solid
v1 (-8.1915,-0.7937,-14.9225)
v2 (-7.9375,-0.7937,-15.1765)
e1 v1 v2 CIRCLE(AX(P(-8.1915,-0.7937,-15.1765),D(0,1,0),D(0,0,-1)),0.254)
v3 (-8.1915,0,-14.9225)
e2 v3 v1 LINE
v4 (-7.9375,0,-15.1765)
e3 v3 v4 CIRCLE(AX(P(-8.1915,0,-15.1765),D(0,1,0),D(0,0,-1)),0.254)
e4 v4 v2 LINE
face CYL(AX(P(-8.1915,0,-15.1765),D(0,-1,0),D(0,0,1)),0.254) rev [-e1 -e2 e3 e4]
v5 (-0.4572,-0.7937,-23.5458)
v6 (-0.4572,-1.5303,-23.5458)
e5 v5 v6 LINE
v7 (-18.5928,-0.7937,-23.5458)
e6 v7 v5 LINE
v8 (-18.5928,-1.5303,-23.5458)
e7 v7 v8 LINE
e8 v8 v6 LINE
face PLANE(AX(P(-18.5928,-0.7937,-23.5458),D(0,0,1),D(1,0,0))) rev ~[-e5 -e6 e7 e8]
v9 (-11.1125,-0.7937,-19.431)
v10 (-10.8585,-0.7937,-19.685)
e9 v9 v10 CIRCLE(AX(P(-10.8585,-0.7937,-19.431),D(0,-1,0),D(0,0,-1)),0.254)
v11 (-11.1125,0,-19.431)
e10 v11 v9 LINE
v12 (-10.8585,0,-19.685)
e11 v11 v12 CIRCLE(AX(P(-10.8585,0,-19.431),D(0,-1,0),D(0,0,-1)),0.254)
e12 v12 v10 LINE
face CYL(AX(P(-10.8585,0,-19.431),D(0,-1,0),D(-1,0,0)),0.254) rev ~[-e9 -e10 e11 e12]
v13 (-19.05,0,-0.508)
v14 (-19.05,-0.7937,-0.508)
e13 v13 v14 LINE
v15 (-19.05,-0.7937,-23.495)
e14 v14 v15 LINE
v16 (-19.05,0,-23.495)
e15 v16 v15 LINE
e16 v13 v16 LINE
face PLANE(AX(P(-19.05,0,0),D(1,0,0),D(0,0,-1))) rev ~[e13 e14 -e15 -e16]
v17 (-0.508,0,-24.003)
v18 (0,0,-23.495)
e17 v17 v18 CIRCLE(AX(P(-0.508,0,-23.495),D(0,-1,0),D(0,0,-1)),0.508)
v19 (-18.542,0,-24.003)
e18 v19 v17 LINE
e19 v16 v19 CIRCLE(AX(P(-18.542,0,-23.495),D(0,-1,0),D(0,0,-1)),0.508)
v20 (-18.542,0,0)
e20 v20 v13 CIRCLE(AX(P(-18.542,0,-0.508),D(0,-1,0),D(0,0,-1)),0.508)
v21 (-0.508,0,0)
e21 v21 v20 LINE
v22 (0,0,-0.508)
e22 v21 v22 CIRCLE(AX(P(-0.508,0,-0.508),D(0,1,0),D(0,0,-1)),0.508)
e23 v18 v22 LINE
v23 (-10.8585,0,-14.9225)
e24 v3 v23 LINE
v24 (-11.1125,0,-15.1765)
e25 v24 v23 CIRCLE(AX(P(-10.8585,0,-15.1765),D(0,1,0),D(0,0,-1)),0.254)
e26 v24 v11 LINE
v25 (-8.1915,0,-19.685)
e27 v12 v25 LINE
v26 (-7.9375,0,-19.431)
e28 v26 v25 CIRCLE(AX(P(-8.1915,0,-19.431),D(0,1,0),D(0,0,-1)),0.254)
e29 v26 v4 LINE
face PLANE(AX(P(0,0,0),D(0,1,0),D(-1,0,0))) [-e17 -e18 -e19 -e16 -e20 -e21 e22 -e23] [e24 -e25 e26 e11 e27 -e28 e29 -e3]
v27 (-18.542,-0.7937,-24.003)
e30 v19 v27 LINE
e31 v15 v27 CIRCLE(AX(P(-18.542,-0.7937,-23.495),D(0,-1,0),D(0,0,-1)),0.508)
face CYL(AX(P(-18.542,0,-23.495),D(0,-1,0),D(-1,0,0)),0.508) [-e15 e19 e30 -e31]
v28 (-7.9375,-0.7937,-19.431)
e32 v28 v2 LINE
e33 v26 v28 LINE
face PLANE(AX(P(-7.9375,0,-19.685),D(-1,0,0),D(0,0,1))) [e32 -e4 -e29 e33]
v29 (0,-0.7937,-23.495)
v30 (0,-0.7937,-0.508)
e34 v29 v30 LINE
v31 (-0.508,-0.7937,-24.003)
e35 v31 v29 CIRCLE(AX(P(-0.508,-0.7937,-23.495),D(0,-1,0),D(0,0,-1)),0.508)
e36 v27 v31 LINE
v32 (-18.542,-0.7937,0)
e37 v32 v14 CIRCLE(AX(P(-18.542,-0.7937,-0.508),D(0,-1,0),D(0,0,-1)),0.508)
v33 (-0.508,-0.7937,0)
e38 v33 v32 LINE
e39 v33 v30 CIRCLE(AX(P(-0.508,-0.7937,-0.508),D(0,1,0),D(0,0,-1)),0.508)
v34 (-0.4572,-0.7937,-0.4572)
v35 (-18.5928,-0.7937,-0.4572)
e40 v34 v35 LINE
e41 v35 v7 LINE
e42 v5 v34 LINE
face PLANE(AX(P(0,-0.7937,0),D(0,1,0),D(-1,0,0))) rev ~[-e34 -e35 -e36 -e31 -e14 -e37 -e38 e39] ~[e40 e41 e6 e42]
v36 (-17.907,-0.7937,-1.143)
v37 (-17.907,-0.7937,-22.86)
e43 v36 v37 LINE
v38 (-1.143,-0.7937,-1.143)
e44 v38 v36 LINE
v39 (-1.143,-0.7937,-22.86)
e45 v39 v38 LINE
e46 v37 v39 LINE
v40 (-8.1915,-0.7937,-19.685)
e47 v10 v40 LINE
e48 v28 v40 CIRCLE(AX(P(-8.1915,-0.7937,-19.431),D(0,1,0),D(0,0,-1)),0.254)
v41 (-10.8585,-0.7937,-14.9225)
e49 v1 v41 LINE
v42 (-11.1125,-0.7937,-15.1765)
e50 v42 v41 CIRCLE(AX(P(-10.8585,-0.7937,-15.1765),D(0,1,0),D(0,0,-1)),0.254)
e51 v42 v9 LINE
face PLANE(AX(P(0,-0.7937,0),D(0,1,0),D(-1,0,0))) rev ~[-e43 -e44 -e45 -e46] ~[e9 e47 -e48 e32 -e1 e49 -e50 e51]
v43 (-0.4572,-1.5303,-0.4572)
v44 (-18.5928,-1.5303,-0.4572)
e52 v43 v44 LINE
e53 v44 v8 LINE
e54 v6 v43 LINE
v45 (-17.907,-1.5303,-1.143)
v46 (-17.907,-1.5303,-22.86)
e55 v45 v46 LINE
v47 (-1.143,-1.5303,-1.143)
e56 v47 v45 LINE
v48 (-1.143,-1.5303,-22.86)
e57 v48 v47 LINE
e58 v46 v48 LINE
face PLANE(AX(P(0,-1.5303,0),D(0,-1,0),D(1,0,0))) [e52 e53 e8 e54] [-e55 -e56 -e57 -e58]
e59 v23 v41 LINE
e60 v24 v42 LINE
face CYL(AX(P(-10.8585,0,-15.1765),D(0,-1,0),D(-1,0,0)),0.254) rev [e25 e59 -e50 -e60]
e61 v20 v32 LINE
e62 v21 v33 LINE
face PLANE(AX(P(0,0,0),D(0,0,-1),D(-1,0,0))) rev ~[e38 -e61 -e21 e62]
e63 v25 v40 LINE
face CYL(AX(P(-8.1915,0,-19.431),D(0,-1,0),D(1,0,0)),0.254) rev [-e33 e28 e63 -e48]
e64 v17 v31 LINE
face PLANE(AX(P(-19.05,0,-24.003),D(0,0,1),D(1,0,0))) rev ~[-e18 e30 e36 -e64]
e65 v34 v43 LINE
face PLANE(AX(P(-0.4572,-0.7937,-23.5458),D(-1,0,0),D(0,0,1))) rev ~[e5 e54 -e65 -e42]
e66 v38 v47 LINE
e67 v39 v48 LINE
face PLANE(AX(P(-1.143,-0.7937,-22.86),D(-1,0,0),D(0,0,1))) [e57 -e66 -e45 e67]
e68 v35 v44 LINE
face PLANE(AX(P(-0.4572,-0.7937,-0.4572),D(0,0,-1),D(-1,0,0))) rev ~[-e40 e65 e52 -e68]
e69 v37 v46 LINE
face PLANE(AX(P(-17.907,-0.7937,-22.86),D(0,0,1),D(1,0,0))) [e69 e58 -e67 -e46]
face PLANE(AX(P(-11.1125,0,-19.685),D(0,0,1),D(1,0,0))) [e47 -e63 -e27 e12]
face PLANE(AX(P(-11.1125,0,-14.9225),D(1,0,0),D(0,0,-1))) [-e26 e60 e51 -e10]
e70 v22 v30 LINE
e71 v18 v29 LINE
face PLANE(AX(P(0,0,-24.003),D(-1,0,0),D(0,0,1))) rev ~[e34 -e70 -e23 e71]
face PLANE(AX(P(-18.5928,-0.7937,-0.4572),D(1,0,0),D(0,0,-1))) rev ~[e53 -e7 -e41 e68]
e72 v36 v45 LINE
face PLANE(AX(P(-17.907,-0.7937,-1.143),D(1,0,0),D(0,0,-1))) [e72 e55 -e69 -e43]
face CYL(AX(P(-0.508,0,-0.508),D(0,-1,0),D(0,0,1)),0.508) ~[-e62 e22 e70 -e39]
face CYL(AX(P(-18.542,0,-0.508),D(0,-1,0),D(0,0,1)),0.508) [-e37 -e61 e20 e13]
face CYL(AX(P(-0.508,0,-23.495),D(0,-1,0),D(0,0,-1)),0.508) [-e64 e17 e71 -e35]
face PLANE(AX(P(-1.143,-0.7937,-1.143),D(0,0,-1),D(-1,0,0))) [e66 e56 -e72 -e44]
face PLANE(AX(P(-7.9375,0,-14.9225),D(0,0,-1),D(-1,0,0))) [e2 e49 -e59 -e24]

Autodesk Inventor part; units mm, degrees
ref_plane "YZ Plane" through (0, 0, 0) normal (1, 0, 0) x (0, 1, 0)
ref_plane "XZ Plane" through (0, 0, 0) normal (0, 1, 0) x (-1, 0, 0)
ref_plane "XY Plane" through (0, 0, 0) normal (0, 0, 1) x (1, 0, 0)
sketch "Sketch1" plane through (0, 0, 0) normal (0, 1, 0) x (-1, 0, 0)
  line L0 (0, 0) -> (19.05, 0)
  line L1 (19.05, 0) -> (19.05, -24.003)
  line L2 (19.05, -24.003) -> (0, -24.003)
  line L3 (0, -24.003) -> (0, 0)
  dimension "d0" = 24.003
  dimension "d1" = 19.05
extrude "Extrusion1" add sketch "Sketch1" against normal blind 0.7937
fillet "Fillet1" radius 0.508 4 edges at (0, -0.3969, 0) (-19.05, -0.3969, 0) (0, -0.3969, -24.003) (-19.05, -0.3969, -24.003)
sketch "Sketch2" plane through (0, -0.7937, 0) normal (0, -1, 0) x (1, 0, 0)
  line L0 (-18.542, -24.003) -> (-0.508, -24.003) projected
  line L1 (0, -23.495) -> (0, -0.508) projected
  line L2 (-0.508, 0) -> (-18.542, 0) projected
  line L3 (-19.05, -0.508) -> (-19.05, -23.495) projected
  line L4 (-0.4572, -0.4572) -> (-18.5928, -0.4572)
  line L5 (-18.5928, -0.4572) -> (-18.5928, -23.5458)
  line L6 (-18.5928, -23.5458) -> (-0.4572, -23.5458)
  line L7 (-0.4572, -23.5458) -> (-0.4572, -0.4572)
  line L8 (-1.143, -1.143) -> (-17.907, -1.143)
  line L9 (-17.907, -1.143) -> (-17.907, -22.86)
  line L10 (-17.907, -22.86) -> (-1.143, -22.86)
  line L11 (-1.143, -22.86) -> (-1.143, -1.143)
  arc A0 (-19.05, -23.495) -> (-18.542, -24.003) centre (-18.542, -23.495) ccw projected
  arc A1 (-0.508, -24.003) -> (0, -23.495) centre (-0.508, -23.495) ccw projected
  arc A2 (0, -0.508) -> (-0.508, 0) centre (-0.508, -0.508) ccw projected
  arc A3 (-18.542, 0) -> (-19.05, -0.508) centre (-18.542, -0.508) ccw projected
  point P0 (0, 0)
  dimension "d5" = 0.4572
  dimension "d6" = 0.4572
  dimension "d7" = 0.4572
  dimension "d8" = 0.4572
  dimension "d9" = 1.143
  dimension "d10" = 1.143
  dimension "d11" = 1.143
  dimension "d12" = 1.143
extrude "Extrusion2" add sketch "Sketch2" along normal blind 0.7366 contours L7 L6 L5 L4
sketch "Sketch3" plane through (0, 0, 0) normal (0, 1, 0) x (1, 0, 0)
  arc A0 (-18.542, 24.003) -> (-19.05, 23.495) centre (-18.542, 23.495) ccw projected
  line L0 (-19.05, 23.495) -> (-19.05, 0.508) projected
  arc A1 (-19.05, 0.508) -> (-18.542, 0) centre (-18.542, 0.508) ccw projected
  line L1 (-18.542, 0) -> (-0.508, 0) projected
  arc A2 (-0.508, 0) -> (0, 0.508) centre (-0.508, 0.508) ccw projected
  line L2 (0, 0.508) -> (0, 23.495) projected
  arc A3 (0, 23.495) -> (-0.508, 24.003) centre (-0.508, 23.495) ccw projected
  line L3 (-0.508, 24.003) -> (-18.542, 24.003) projected
  line L4 (-11.1125, 19.685) -> (-7.9375, 19.685)
  line L5 (-7.9375, 19.685) -> (-7.9375, 14.9225)
  line L6 (-7.9375, 14.9225) -> (-11.1125, 14.9225)
  line L7 (-11.1125, 14.9225) -> (-11.1125, 19.685)
  point P0 (0, 0)
  dimension "d15" = 3.175
  dimension "d16" = 4.7625
  dimension "d17" = 19.05
  dimension "d18" = 7.9375
  dimension "d19" = 7.9375
  dimension "d20" = 4.318
extrude "Extrusion3" cut sketch "Sketch3" against normal blind 3.9116 contours L4 L5 L6 L7
fillet "Fillet2" radius 0.254 4 edges at (-11.1125, -0.3969, -19.685) (-7.9375, -0.3969, -19.685) (-7.9375, -0.3969, -14.9225) (-11.1125, -0.3969, -14.9225)
properties part number "Light Sensor Cover V1_3DPrint"
